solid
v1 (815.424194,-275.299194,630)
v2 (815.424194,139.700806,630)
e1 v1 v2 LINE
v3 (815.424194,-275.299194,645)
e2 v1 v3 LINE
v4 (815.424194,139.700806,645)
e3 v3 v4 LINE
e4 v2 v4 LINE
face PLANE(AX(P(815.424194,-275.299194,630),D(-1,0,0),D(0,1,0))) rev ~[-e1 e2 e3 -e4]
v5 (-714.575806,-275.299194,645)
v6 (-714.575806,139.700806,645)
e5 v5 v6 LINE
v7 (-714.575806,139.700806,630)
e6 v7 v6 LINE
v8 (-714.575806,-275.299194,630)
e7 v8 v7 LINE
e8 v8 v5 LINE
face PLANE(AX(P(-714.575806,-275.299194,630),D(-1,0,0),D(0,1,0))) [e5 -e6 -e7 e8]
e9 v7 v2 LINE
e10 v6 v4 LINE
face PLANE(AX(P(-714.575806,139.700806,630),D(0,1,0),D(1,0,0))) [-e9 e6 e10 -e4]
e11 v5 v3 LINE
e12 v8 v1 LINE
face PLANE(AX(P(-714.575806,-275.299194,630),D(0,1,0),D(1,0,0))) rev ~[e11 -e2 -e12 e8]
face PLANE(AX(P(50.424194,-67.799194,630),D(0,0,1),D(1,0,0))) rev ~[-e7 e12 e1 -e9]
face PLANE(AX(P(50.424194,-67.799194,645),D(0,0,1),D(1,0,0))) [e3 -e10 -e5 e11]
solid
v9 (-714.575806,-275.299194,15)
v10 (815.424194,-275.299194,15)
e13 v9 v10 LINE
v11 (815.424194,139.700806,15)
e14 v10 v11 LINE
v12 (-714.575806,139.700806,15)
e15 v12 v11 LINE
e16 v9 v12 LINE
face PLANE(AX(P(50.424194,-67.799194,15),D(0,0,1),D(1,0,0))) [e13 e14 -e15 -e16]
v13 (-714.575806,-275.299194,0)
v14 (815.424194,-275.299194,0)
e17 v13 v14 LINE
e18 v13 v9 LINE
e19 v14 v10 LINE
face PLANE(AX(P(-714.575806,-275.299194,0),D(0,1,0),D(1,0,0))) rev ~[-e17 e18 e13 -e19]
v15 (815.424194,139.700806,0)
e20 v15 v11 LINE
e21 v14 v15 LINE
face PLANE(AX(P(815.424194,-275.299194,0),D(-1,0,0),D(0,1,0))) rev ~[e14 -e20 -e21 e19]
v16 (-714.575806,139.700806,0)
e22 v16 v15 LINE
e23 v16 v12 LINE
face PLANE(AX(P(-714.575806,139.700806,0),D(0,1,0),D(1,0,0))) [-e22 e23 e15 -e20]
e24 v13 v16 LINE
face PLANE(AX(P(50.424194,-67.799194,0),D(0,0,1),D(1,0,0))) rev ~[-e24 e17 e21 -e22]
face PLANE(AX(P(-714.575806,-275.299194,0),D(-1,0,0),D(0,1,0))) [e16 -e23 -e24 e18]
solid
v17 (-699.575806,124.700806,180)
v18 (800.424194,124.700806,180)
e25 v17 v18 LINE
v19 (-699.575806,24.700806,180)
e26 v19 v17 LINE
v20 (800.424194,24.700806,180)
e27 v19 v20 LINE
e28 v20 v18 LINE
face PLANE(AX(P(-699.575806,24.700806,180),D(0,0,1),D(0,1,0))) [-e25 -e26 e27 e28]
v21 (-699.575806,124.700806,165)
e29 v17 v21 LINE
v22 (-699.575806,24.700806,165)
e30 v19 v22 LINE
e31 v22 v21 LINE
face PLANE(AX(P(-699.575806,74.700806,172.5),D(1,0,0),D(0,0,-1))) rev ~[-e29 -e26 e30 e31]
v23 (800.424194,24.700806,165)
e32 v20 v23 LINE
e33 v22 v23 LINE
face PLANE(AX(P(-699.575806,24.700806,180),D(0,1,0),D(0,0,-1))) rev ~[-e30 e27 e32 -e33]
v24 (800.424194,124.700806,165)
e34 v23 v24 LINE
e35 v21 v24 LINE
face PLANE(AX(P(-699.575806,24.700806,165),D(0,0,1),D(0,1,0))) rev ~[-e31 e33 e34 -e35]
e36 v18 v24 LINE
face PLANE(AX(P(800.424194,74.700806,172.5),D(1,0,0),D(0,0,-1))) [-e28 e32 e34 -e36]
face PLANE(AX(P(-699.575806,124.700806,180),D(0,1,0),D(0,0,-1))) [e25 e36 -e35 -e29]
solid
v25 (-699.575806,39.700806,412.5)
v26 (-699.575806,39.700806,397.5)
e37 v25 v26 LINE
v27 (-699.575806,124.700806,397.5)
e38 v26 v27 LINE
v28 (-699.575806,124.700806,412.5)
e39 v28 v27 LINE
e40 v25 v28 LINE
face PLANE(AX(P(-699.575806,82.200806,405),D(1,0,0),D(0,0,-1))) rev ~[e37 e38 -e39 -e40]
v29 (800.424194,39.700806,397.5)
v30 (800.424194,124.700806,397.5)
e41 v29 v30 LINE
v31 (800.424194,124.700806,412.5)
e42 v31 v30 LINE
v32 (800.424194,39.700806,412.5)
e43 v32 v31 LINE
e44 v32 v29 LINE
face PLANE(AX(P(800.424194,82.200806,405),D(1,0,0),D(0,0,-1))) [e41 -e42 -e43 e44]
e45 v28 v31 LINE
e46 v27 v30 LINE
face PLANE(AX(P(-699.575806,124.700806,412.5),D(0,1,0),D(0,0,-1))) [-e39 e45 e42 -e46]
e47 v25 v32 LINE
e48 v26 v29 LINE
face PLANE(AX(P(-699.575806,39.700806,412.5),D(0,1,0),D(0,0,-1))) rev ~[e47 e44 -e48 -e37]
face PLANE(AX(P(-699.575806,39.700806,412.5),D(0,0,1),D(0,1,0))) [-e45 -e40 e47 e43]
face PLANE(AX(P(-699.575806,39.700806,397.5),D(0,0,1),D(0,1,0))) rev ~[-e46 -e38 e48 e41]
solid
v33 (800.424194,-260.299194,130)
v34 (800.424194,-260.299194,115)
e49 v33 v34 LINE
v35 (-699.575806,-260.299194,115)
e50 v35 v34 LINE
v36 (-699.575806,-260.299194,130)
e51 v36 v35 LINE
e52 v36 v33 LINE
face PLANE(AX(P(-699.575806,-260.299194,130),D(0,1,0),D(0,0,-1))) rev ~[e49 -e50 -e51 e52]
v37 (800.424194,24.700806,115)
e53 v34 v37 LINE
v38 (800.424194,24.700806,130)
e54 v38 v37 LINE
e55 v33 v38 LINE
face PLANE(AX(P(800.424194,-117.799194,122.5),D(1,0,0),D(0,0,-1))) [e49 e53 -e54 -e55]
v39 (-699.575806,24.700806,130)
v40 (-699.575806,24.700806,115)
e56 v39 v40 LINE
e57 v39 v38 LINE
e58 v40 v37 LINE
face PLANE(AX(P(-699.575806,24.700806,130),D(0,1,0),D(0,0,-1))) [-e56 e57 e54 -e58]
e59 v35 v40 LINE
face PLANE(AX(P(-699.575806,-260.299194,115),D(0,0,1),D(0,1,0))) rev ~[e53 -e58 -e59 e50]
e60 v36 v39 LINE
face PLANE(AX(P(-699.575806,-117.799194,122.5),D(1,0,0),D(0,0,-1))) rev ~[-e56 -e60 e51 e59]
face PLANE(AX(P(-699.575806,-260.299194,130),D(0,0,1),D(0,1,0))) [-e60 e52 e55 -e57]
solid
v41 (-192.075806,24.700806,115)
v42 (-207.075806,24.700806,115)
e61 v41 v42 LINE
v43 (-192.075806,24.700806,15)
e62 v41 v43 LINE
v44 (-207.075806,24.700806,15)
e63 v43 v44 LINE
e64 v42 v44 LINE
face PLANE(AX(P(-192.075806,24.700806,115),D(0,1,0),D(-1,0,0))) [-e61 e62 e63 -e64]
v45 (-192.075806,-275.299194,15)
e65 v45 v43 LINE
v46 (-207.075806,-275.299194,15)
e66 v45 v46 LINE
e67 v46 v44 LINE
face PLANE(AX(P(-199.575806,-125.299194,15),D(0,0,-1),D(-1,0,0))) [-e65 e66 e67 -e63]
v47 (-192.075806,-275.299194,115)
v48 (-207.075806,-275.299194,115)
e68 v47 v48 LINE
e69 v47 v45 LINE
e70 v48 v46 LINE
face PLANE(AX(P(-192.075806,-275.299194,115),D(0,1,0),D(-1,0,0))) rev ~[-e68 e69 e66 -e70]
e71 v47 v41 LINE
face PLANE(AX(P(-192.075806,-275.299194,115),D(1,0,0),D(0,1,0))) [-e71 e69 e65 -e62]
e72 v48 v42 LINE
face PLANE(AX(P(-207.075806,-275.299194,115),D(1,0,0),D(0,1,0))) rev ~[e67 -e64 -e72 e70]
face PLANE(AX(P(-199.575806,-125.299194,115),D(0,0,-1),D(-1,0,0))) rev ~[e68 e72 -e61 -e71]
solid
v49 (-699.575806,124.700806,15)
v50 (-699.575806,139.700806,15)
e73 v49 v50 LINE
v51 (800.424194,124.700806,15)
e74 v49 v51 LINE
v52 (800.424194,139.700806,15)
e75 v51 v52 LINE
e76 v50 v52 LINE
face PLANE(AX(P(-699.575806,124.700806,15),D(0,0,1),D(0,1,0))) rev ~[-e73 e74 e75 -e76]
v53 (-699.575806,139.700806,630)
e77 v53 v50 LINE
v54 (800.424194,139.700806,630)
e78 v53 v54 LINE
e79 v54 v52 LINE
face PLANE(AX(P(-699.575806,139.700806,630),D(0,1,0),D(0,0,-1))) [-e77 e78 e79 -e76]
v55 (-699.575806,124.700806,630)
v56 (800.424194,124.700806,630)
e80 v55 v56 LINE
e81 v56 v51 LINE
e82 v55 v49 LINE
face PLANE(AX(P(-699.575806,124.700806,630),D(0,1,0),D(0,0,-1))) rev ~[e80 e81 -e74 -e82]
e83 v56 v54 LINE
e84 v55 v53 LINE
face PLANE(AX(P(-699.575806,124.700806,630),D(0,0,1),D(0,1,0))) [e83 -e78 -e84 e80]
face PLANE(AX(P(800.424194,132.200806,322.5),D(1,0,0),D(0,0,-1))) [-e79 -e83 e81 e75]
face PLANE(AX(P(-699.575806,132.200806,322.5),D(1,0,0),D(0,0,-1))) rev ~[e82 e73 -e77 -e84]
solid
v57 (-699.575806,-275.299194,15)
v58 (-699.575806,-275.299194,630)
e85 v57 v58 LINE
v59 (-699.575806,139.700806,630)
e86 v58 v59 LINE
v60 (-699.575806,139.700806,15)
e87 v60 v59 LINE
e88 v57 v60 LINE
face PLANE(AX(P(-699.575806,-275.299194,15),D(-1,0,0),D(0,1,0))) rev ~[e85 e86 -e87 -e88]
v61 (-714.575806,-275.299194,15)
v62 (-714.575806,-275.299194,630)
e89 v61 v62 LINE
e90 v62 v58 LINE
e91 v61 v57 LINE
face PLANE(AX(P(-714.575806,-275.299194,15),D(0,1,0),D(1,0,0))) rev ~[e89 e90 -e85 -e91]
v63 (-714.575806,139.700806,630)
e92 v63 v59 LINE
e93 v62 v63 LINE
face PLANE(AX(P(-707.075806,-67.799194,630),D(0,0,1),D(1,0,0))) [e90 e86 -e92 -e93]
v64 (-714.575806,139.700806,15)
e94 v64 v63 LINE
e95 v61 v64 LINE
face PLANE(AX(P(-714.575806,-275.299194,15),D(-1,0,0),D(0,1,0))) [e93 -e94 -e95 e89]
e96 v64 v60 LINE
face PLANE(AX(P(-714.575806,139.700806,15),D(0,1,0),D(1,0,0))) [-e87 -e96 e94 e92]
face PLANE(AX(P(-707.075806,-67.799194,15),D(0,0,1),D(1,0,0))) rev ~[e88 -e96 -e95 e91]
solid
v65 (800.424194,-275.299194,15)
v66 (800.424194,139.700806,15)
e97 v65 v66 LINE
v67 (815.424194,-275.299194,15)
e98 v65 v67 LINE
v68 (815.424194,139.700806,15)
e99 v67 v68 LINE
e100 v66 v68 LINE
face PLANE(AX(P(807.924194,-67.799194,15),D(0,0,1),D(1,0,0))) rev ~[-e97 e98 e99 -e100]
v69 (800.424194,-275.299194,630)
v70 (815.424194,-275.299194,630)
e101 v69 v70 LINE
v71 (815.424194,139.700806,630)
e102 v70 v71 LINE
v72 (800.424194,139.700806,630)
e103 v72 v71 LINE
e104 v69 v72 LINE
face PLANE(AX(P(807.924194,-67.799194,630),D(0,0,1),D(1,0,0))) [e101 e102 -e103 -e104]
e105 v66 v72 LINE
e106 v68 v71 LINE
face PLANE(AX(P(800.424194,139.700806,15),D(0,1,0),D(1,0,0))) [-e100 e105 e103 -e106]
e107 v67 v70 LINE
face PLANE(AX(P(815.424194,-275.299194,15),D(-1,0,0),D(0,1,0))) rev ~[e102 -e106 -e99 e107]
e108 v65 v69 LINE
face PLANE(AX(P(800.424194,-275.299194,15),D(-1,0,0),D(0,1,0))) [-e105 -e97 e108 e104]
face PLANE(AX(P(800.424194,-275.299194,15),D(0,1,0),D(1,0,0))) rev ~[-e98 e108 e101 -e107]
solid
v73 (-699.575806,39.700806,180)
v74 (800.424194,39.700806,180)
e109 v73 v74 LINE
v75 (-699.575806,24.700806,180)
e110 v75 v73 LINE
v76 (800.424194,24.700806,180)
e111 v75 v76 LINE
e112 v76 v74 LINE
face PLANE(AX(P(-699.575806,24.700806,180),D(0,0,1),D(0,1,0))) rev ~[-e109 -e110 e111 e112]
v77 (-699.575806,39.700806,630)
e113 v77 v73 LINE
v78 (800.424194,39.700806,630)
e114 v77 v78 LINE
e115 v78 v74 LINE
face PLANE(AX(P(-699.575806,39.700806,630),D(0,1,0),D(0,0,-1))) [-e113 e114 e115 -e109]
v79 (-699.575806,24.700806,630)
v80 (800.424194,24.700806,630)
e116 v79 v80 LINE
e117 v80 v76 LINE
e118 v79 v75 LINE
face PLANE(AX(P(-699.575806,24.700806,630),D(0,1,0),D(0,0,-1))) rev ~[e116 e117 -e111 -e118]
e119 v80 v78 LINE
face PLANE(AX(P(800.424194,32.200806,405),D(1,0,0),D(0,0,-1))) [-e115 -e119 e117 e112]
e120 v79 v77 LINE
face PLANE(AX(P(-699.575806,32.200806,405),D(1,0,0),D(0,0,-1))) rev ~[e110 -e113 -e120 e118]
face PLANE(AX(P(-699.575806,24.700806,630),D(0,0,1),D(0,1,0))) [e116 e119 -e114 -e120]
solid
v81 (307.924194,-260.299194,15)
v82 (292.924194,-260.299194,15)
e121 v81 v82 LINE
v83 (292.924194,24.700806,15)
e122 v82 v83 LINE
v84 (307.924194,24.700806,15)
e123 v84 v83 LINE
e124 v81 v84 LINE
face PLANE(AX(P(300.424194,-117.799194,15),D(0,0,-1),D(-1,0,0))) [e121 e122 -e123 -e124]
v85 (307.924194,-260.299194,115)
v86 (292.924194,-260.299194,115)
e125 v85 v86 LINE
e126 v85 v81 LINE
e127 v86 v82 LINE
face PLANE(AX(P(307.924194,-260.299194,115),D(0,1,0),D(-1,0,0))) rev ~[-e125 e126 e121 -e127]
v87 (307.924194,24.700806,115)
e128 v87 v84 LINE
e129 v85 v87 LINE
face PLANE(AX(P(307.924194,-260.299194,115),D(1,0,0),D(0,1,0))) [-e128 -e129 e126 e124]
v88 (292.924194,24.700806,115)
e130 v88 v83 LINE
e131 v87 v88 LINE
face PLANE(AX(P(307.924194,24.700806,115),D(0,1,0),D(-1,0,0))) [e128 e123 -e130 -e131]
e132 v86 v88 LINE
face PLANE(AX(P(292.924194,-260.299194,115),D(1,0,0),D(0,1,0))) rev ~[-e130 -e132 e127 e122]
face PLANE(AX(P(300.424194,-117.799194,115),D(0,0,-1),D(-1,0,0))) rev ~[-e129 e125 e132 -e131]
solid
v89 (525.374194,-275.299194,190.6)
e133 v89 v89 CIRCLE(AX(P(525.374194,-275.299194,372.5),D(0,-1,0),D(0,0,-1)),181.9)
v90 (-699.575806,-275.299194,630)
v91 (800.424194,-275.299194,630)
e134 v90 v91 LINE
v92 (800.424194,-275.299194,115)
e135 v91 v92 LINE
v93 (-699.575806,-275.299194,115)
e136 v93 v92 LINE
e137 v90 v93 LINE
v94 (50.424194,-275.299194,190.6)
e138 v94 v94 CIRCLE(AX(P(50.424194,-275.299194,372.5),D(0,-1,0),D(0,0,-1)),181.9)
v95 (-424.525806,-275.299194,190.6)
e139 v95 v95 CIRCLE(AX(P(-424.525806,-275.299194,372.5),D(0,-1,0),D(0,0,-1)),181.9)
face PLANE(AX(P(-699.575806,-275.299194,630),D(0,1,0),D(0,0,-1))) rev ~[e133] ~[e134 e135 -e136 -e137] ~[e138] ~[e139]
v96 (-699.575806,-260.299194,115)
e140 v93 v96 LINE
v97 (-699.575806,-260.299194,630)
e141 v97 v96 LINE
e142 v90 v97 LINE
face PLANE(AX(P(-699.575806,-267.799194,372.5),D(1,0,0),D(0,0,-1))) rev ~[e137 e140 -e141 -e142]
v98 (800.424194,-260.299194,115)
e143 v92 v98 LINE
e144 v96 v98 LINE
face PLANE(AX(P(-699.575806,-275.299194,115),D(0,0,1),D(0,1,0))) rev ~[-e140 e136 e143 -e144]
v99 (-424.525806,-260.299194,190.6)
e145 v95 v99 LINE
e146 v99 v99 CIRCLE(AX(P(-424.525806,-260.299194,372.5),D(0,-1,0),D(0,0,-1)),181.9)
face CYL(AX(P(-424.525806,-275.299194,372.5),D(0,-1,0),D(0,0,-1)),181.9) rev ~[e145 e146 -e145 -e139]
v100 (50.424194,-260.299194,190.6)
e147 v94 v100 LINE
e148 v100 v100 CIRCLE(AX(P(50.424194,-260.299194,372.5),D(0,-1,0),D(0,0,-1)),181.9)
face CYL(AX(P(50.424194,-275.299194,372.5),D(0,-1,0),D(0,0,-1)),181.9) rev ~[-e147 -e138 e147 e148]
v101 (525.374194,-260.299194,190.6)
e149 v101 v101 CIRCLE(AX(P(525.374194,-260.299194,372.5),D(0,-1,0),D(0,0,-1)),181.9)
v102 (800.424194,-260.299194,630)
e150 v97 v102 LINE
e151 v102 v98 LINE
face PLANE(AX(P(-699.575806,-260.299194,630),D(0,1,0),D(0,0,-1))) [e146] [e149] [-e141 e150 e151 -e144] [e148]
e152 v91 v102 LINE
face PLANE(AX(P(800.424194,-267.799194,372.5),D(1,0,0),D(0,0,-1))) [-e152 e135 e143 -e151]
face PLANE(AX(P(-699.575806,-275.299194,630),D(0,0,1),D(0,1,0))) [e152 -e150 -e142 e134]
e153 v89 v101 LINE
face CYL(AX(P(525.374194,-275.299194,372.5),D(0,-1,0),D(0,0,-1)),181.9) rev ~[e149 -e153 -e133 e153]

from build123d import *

# Parameters (mm, degrees)
ESQUISSE1_W             = 1530
ESQUISSE1_H             = 415
BOSS_EXTRU_1_DEPTH      = 15
ESQUISSE2_W             = 15
ESQUISSE2_H             = 415
EXTRU_MINCE1_DEPTH      = 615
EXTRU_MINCE1_2_DEPTH    = 615
ESQUISSE3_W             = 615
ESQUISSE3_H             = 15
EXTRU_MINCE2_DEPTH      = 1500
ESQUISSE5_W             = 15
ESQUISSE5_H             = 100
BOSS_EXTRU_2_DEPTH      = 1500
ESQUISSE8_W             = 450
ESQUISSE8_H             = 15
BOSS_EXTRU_3_DEPTH      = 1500
ESQUISSE9_W             = 515
ESQUISSE9_H             = 15
BOSS_EXTRU_4_DEPTH      = 1500
ESQUISSE10_W            = 15
ESQUISSE10_H            = 285
BOSS_EXTRU_5_DEPTH      = 1500
ESQUISSE12_W            = 15
ESQUISSE12_H            = 300
BOSS_EXTRU_6_DEPTH      = 100
ESQUISSE12_H_2          = 285
BOSS_EXTRU_6_2_DEPTH    = 100
ESQUISSE13_R            = 181.9
ENL_V_MAT_EXTRU_1_DEPTH = 15
ESQUISSE14_W            = 1530
ESQUISSE14_H            = 415
BOSS_EXTRU_7_DEPTH      = 15
ESQUISSE16_W            = 15
ESQUISSE16_H            = 85
BOSS_EXTRU_8_DEPTH      = 1500


with BuildPart() as part:
    # Esquisse1 → Boss.-Extru.1 (new body)
    with BuildSketch(Plane.XY):
        with Locations((50.424193548, -67.799193548)):
            Rectangle(ESQUISSE1_W, ESQUISSE1_H)
    extrude(amount=BOSS_EXTRU_1_DEPTH)


with BuildPart() as body_2:
    # Esquisse2 → Extru.-Mince1 (new body)
    with BuildSketch(Plane.XY.offset(15)):
        with Locations((-707.075806452, -67.799193548)):
            Rectangle(ESQUISSE2_W, ESQUISSE2_H)
    extrude(amount=EXTRU_MINCE1_DEPTH)


with BuildPart() as body_3:
    # Esquisse2 → Extru.-Mince1 2 (new body)
    with BuildSketch(Plane.XY.offset(15)):
        with Locations((807.924193548, -67.799193548)):
            Rectangle(ESQUISSE2_W, ESQUISSE2_H)
    extrude(amount=EXTRU_MINCE1_2_DEPTH)


with BuildPart() as body_4:
    # Esquisse3 → Extru.-Mince2 (new body)
    with BuildSketch(Plane(origin=(-699.575806452, 0, 0), x_dir=(0, 0, -1), z_dir=(1, 0, 0))):
        with Locations((-322.5, 132.200806452)):
            Rectangle(ESQUISSE3_W, ESQUISSE3_H)
    extrude(amount=EXTRU_MINCE2_DEPTH)


with BuildPart() as body_5:
    # Esquisse5 → Boss.-Extru.2 (new body)
    with BuildSketch(Plane(origin=(-699.575806452, 0, 0), x_dir=(0, 0, -1), z_dir=(1, 0, 0))):
        with Locations((-172.5, 74.700806452)):
            Rectangle(ESQUISSE5_W, ESQUISSE5_H)
    extrude(amount=BOSS_EXTRU_2_DEPTH)


with BuildPart() as body_6:
    # Esquisse8 → Boss.-Extru.3 (new body)
    with BuildSketch(Plane(origin=(-699.575806452, 0, 0), x_dir=(0, 0, -1), z_dir=(1, 0, 0))):
        with Locations((-405, 32.200806452)):
            Rectangle(ESQUISSE8_W, ESQUISSE8_H)
    extrude(amount=BOSS_EXTRU_3_DEPTH)


with BuildPart() as body_7:
    # Esquisse9 → Boss.-Extru.4 (new body)
    with BuildSketch(Plane(origin=(-699.575806452, 0, 0), x_dir=(0, 0, -1), z_dir=(1, 0, 0))):
        with Locations((-372.5, -267.799193548)):
            Rectangle(ESQUISSE9_W, ESQUISSE9_H)
    extrude(amount=BOSS_EXTRU_4_DEPTH)

    # Esquisse13 → Enlèv. mat.-Extru.1 (cut)
    with BuildSketch(Plane.XZ.offset(275.299193548)):
        with Locations(Location((50.424193548, 372.5, 0), (0, 0, 270))):
            Circle(ESQUISSE13_R)
        with Locations(Location((-424.525806452, 372.5, 0), (0, 0, 270))):
            Circle(ESQUISSE13_R)
        with Locations(Location((525.374193548, 372.5, 0), (0, 0, 270))):
            Circle(ESQUISSE13_R)
    extrude(amount=-ENL_V_MAT_EXTRU_1_DEPTH, mode=Mode.SUBTRACT)


with BuildPart() as body_8:
    # Esquisse10 → Boss.-Extru.5 (new body)
    with BuildSketch(Plane(origin=(-699.575806452, 0, 0), x_dir=(0, 0, -1), z_dir=(1, 0, 0))):
        with Locations((-122.5, -117.799193548)):
            Rectangle(ESQUISSE10_W, ESQUISSE10_H)
    extrude(amount=BOSS_EXTRU_5_DEPTH)


with BuildPart() as body_9:
    # Esquisse12 → Boss.-Extru.6 (new body)
    with BuildSketch(Plane(origin=(0, 0, 115), x_dir=(-1, 0, 0), z_dir=(0, 0, -1))):
        with Locations((199.575806452, -125.299193548)):
            Rectangle(ESQUISSE12_W, ESQUISSE12_H)
    extrude(amount=BOSS_EXTRU_6_DEPTH)


with BuildPart() as body_10:
    # Esquisse12 → Boss.-Extru.6 2 (new body)
    with BuildSketch(Plane(origin=(0, 0, 115), x_dir=(-1, 0, 0), z_dir=(0, 0, -1))):
        with Locations((-300.424193548, -117.799193548)):
            Rectangle(ESQUISSE12_W, ESQUISSE12_H_2)
    extrude(amount=BOSS_EXTRU_6_2_DEPTH)


with BuildPart() as body_11:
    # Esquisse14 → Boss.-Extru.7 (new body)
    with BuildSketch(Plane.XY.offset(630)):
        with Locations((50.424193548, -67.799193548)):
            Rectangle(ESQUISSE14_W, ESQUISSE14_H)
    extrude(amount=BOSS_EXTRU_7_DEPTH)


with BuildPart() as body_12:
    # Esquisse16 → Boss.-Extru.8 (new body)
    with BuildSketch(Plane(origin=(-699.575806452, 0, 0), x_dir=(0, 0, -1), z_dir=(1, 0, 0))):
        with Locations((-405, 82.200806452)):
            Rectangle(ESQUISSE16_W, ESQUISSE16_H)
    extrude(amount=BOSS_EXTRU_8_DEPTH)


solid = Compound([part.part, body_2.part, body_3.part, body_4.part, body_5.part, body_6.part, body_7.part, body_8.part, body_9.part, body_10.part, body_11.part, body_12.part])
